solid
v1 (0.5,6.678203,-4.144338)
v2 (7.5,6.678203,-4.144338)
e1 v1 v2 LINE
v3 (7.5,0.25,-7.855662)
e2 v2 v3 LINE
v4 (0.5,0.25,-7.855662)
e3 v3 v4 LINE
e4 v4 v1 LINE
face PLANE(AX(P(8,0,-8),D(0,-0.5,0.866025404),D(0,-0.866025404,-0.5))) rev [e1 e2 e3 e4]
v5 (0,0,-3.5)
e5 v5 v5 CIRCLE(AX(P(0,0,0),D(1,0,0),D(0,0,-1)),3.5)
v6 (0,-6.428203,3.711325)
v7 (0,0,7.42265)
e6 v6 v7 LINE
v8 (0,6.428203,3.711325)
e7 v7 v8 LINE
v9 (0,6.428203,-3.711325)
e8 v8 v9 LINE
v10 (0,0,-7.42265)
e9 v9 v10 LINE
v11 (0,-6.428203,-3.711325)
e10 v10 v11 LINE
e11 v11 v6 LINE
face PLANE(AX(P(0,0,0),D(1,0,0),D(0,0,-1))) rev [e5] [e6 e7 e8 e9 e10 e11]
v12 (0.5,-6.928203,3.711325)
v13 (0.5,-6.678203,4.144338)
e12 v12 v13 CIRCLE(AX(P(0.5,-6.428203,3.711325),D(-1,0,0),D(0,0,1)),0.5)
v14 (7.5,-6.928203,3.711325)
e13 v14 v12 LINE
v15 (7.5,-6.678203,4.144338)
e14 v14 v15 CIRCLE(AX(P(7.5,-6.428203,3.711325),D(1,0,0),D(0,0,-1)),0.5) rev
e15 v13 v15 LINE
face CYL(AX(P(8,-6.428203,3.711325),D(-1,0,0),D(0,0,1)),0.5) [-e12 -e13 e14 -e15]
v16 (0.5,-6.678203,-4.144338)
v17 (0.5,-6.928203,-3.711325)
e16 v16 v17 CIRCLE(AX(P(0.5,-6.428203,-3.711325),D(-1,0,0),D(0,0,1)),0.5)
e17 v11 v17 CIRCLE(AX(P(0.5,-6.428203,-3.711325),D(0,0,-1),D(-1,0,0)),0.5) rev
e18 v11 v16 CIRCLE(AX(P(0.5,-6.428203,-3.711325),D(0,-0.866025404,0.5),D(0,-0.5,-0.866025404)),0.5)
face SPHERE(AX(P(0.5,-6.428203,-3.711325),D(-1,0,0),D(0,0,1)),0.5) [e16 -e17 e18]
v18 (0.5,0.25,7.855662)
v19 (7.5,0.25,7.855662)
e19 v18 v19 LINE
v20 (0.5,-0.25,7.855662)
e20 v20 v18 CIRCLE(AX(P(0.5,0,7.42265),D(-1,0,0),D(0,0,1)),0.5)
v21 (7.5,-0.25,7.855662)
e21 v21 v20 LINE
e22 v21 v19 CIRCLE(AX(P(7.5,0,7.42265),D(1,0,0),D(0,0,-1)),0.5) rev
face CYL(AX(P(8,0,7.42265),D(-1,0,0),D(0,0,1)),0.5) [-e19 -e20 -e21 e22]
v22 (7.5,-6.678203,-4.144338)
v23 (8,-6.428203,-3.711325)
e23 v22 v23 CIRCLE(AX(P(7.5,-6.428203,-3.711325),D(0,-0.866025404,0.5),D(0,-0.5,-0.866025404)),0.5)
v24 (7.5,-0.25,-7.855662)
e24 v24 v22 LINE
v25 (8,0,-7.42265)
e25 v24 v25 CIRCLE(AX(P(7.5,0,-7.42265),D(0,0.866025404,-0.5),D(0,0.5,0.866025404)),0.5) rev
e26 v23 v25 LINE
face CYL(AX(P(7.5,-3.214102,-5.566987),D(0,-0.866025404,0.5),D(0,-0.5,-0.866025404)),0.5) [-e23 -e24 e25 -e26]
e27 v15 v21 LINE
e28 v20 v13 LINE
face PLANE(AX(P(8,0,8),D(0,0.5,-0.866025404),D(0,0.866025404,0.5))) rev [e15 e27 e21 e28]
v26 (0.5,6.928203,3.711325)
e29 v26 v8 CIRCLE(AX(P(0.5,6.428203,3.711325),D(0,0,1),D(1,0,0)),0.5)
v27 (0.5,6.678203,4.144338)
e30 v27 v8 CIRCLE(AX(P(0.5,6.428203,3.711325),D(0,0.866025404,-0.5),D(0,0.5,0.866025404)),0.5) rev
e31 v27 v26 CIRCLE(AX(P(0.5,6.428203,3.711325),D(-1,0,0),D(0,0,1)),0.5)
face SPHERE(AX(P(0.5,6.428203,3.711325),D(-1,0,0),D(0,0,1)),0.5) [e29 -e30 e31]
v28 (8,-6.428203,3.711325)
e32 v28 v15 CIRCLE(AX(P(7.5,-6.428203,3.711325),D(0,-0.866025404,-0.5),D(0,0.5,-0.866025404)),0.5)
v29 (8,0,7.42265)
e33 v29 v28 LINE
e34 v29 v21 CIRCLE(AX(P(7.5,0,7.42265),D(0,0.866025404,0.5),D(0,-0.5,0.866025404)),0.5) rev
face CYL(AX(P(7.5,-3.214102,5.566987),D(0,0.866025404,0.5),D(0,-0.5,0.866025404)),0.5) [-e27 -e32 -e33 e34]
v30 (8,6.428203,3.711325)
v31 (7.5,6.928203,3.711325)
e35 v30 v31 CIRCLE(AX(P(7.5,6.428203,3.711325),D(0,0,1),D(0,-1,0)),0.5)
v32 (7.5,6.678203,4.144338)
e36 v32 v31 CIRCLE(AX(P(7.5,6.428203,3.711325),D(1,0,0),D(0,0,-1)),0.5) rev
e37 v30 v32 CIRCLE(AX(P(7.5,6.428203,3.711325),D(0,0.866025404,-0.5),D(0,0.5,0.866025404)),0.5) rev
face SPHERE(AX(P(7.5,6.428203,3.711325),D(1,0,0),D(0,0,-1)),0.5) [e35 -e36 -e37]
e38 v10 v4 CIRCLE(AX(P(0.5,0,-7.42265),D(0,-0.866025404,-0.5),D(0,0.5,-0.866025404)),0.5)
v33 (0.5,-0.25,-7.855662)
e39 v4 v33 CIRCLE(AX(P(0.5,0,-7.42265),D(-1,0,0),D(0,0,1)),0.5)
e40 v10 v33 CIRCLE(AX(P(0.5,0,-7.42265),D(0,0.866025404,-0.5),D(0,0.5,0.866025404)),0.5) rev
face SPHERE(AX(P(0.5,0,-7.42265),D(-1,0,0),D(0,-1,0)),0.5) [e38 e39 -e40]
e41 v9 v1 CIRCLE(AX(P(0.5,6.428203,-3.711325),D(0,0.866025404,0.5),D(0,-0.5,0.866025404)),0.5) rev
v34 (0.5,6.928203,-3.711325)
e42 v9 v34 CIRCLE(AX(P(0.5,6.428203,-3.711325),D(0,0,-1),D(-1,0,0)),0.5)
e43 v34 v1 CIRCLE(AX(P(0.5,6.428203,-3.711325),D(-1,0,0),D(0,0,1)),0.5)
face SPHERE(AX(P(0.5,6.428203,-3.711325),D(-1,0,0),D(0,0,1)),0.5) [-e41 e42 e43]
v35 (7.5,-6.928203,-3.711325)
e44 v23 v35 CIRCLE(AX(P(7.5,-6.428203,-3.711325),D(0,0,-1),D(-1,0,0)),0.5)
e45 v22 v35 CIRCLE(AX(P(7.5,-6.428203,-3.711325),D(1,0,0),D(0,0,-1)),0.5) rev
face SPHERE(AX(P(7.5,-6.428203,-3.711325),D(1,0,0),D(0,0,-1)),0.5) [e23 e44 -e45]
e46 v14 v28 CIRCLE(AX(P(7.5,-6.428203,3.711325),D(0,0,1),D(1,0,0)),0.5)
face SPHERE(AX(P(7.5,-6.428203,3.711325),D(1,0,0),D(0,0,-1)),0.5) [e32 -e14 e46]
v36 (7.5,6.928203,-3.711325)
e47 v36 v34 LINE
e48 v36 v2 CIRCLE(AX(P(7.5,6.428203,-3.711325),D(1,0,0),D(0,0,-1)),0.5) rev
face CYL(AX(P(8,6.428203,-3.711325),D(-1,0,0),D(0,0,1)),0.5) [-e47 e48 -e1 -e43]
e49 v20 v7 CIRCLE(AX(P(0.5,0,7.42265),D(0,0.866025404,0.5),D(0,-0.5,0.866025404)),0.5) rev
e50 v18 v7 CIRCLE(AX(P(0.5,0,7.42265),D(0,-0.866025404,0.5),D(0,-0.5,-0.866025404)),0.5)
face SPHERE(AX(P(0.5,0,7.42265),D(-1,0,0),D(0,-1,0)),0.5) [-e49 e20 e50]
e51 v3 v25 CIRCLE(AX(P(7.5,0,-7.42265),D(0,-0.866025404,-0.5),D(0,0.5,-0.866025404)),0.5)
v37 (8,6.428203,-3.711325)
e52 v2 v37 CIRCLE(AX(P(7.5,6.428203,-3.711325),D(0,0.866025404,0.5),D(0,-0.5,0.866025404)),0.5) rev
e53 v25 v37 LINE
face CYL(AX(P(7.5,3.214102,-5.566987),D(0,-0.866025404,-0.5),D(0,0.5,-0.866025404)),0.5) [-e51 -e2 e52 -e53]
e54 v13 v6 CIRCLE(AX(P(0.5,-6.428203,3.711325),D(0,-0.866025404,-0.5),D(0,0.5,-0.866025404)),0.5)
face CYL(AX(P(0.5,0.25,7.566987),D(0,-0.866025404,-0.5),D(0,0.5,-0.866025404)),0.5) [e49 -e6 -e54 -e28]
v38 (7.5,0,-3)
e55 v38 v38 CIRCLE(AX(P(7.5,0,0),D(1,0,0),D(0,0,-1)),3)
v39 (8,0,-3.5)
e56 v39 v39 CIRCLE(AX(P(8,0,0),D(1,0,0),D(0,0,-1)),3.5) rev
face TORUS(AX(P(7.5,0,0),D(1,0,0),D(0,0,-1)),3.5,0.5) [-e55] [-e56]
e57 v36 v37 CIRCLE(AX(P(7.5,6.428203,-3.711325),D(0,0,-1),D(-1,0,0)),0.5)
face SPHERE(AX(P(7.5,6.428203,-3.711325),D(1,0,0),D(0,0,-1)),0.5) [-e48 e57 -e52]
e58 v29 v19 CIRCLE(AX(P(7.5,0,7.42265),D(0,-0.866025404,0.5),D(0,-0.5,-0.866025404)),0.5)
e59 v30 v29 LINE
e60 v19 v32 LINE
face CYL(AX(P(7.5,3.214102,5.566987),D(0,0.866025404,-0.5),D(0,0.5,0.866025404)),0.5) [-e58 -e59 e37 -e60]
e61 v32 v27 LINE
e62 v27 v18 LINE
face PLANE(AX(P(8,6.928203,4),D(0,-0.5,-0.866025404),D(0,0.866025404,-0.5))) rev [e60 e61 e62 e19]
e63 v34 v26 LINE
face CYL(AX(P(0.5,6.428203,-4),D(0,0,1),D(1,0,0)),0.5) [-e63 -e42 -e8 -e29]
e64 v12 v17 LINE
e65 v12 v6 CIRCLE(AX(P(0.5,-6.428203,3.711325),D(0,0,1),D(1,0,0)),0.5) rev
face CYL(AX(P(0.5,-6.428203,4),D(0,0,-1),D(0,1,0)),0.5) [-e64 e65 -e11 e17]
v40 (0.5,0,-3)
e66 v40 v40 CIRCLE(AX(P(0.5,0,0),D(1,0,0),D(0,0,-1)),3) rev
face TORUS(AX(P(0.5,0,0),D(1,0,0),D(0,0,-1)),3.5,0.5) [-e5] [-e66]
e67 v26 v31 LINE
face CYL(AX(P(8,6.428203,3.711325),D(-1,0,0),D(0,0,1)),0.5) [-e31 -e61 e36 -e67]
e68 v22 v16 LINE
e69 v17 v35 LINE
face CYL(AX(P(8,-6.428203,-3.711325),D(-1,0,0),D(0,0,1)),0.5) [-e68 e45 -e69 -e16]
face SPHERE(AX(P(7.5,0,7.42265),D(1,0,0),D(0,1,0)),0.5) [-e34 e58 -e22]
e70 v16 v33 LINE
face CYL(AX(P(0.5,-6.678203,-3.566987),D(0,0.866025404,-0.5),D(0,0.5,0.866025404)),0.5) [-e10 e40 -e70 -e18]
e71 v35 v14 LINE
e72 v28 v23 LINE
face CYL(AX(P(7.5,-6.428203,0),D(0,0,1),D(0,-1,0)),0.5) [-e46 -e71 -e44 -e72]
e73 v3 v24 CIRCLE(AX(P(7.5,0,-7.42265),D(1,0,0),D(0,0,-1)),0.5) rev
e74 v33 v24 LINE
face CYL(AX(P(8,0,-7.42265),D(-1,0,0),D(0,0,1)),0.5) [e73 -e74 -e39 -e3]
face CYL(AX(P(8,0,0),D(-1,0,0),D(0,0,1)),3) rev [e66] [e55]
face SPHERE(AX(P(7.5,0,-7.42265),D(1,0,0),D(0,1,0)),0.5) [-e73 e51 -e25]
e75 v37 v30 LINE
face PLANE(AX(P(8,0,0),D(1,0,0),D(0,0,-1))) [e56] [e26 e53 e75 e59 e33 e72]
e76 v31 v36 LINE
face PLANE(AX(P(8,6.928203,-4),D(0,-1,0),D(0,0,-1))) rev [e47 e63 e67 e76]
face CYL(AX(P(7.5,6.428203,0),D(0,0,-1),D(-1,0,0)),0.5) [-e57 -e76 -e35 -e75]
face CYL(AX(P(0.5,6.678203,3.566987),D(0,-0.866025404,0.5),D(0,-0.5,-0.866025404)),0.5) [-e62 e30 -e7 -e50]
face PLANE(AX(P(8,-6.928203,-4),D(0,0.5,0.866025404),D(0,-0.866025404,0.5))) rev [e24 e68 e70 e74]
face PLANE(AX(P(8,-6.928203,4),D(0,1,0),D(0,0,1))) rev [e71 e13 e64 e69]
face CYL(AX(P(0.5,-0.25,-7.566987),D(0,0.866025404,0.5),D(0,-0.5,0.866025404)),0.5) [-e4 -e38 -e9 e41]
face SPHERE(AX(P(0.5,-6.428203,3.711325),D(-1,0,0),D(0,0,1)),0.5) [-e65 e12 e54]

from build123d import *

# Parameters (mm, degrees)
SKETCH1_R           = 3
BOSS_EXTRUDE1_DEPTH = 8
FILLET1_R           = 0.5


with BuildPart() as part:
    # Sketch1 → Boss-Extrude1 (new body)
    with BuildSketch(Plane.YZ):
        Polygon((-6.92820323, -4), (0, -8), (6.92820323, -4), (6.92820323, 4), (0, 8), (-6.92820323, 4), align=None)
        Circle(SKETCH1_R, mode=Mode.SUBTRACT)
    extrude(amount=BOSS_EXTRUDE1_DEPTH)

    # Fillet1
    fillet1_edges = [part.edges().sort_by_distance(p)[0] for p in [
        (0, -3, 0),
        (8, -3, 0),
        (0, -6.92820323, 0),
        (0, -3.464101615, -6),
        (0, 3.464101615, -6),
        (0, 6.92820323, 0),
        (0, 3.464101615, 6),
        (0, -3.464101615, 6),
        (8, -6.92820323, 0),
        (8, -3.464101615, -6),
        (8, 3.464101615, -6),
        (8, 6.92820323, 0),
        (8, 3.464101615, 6),
        (8, -3.464101615, 6),
        (4, -6.92820323, 4),
        (4, 0, 8),
        (4, 6.92820323, -4),
        (4, 0, -8),
        (4, -6.92820323, -4),
        (4, 6.92820323, 4),
    ]]
    fillet(fillet1_edges, radius=FILLET1_R)


solid = part.part
